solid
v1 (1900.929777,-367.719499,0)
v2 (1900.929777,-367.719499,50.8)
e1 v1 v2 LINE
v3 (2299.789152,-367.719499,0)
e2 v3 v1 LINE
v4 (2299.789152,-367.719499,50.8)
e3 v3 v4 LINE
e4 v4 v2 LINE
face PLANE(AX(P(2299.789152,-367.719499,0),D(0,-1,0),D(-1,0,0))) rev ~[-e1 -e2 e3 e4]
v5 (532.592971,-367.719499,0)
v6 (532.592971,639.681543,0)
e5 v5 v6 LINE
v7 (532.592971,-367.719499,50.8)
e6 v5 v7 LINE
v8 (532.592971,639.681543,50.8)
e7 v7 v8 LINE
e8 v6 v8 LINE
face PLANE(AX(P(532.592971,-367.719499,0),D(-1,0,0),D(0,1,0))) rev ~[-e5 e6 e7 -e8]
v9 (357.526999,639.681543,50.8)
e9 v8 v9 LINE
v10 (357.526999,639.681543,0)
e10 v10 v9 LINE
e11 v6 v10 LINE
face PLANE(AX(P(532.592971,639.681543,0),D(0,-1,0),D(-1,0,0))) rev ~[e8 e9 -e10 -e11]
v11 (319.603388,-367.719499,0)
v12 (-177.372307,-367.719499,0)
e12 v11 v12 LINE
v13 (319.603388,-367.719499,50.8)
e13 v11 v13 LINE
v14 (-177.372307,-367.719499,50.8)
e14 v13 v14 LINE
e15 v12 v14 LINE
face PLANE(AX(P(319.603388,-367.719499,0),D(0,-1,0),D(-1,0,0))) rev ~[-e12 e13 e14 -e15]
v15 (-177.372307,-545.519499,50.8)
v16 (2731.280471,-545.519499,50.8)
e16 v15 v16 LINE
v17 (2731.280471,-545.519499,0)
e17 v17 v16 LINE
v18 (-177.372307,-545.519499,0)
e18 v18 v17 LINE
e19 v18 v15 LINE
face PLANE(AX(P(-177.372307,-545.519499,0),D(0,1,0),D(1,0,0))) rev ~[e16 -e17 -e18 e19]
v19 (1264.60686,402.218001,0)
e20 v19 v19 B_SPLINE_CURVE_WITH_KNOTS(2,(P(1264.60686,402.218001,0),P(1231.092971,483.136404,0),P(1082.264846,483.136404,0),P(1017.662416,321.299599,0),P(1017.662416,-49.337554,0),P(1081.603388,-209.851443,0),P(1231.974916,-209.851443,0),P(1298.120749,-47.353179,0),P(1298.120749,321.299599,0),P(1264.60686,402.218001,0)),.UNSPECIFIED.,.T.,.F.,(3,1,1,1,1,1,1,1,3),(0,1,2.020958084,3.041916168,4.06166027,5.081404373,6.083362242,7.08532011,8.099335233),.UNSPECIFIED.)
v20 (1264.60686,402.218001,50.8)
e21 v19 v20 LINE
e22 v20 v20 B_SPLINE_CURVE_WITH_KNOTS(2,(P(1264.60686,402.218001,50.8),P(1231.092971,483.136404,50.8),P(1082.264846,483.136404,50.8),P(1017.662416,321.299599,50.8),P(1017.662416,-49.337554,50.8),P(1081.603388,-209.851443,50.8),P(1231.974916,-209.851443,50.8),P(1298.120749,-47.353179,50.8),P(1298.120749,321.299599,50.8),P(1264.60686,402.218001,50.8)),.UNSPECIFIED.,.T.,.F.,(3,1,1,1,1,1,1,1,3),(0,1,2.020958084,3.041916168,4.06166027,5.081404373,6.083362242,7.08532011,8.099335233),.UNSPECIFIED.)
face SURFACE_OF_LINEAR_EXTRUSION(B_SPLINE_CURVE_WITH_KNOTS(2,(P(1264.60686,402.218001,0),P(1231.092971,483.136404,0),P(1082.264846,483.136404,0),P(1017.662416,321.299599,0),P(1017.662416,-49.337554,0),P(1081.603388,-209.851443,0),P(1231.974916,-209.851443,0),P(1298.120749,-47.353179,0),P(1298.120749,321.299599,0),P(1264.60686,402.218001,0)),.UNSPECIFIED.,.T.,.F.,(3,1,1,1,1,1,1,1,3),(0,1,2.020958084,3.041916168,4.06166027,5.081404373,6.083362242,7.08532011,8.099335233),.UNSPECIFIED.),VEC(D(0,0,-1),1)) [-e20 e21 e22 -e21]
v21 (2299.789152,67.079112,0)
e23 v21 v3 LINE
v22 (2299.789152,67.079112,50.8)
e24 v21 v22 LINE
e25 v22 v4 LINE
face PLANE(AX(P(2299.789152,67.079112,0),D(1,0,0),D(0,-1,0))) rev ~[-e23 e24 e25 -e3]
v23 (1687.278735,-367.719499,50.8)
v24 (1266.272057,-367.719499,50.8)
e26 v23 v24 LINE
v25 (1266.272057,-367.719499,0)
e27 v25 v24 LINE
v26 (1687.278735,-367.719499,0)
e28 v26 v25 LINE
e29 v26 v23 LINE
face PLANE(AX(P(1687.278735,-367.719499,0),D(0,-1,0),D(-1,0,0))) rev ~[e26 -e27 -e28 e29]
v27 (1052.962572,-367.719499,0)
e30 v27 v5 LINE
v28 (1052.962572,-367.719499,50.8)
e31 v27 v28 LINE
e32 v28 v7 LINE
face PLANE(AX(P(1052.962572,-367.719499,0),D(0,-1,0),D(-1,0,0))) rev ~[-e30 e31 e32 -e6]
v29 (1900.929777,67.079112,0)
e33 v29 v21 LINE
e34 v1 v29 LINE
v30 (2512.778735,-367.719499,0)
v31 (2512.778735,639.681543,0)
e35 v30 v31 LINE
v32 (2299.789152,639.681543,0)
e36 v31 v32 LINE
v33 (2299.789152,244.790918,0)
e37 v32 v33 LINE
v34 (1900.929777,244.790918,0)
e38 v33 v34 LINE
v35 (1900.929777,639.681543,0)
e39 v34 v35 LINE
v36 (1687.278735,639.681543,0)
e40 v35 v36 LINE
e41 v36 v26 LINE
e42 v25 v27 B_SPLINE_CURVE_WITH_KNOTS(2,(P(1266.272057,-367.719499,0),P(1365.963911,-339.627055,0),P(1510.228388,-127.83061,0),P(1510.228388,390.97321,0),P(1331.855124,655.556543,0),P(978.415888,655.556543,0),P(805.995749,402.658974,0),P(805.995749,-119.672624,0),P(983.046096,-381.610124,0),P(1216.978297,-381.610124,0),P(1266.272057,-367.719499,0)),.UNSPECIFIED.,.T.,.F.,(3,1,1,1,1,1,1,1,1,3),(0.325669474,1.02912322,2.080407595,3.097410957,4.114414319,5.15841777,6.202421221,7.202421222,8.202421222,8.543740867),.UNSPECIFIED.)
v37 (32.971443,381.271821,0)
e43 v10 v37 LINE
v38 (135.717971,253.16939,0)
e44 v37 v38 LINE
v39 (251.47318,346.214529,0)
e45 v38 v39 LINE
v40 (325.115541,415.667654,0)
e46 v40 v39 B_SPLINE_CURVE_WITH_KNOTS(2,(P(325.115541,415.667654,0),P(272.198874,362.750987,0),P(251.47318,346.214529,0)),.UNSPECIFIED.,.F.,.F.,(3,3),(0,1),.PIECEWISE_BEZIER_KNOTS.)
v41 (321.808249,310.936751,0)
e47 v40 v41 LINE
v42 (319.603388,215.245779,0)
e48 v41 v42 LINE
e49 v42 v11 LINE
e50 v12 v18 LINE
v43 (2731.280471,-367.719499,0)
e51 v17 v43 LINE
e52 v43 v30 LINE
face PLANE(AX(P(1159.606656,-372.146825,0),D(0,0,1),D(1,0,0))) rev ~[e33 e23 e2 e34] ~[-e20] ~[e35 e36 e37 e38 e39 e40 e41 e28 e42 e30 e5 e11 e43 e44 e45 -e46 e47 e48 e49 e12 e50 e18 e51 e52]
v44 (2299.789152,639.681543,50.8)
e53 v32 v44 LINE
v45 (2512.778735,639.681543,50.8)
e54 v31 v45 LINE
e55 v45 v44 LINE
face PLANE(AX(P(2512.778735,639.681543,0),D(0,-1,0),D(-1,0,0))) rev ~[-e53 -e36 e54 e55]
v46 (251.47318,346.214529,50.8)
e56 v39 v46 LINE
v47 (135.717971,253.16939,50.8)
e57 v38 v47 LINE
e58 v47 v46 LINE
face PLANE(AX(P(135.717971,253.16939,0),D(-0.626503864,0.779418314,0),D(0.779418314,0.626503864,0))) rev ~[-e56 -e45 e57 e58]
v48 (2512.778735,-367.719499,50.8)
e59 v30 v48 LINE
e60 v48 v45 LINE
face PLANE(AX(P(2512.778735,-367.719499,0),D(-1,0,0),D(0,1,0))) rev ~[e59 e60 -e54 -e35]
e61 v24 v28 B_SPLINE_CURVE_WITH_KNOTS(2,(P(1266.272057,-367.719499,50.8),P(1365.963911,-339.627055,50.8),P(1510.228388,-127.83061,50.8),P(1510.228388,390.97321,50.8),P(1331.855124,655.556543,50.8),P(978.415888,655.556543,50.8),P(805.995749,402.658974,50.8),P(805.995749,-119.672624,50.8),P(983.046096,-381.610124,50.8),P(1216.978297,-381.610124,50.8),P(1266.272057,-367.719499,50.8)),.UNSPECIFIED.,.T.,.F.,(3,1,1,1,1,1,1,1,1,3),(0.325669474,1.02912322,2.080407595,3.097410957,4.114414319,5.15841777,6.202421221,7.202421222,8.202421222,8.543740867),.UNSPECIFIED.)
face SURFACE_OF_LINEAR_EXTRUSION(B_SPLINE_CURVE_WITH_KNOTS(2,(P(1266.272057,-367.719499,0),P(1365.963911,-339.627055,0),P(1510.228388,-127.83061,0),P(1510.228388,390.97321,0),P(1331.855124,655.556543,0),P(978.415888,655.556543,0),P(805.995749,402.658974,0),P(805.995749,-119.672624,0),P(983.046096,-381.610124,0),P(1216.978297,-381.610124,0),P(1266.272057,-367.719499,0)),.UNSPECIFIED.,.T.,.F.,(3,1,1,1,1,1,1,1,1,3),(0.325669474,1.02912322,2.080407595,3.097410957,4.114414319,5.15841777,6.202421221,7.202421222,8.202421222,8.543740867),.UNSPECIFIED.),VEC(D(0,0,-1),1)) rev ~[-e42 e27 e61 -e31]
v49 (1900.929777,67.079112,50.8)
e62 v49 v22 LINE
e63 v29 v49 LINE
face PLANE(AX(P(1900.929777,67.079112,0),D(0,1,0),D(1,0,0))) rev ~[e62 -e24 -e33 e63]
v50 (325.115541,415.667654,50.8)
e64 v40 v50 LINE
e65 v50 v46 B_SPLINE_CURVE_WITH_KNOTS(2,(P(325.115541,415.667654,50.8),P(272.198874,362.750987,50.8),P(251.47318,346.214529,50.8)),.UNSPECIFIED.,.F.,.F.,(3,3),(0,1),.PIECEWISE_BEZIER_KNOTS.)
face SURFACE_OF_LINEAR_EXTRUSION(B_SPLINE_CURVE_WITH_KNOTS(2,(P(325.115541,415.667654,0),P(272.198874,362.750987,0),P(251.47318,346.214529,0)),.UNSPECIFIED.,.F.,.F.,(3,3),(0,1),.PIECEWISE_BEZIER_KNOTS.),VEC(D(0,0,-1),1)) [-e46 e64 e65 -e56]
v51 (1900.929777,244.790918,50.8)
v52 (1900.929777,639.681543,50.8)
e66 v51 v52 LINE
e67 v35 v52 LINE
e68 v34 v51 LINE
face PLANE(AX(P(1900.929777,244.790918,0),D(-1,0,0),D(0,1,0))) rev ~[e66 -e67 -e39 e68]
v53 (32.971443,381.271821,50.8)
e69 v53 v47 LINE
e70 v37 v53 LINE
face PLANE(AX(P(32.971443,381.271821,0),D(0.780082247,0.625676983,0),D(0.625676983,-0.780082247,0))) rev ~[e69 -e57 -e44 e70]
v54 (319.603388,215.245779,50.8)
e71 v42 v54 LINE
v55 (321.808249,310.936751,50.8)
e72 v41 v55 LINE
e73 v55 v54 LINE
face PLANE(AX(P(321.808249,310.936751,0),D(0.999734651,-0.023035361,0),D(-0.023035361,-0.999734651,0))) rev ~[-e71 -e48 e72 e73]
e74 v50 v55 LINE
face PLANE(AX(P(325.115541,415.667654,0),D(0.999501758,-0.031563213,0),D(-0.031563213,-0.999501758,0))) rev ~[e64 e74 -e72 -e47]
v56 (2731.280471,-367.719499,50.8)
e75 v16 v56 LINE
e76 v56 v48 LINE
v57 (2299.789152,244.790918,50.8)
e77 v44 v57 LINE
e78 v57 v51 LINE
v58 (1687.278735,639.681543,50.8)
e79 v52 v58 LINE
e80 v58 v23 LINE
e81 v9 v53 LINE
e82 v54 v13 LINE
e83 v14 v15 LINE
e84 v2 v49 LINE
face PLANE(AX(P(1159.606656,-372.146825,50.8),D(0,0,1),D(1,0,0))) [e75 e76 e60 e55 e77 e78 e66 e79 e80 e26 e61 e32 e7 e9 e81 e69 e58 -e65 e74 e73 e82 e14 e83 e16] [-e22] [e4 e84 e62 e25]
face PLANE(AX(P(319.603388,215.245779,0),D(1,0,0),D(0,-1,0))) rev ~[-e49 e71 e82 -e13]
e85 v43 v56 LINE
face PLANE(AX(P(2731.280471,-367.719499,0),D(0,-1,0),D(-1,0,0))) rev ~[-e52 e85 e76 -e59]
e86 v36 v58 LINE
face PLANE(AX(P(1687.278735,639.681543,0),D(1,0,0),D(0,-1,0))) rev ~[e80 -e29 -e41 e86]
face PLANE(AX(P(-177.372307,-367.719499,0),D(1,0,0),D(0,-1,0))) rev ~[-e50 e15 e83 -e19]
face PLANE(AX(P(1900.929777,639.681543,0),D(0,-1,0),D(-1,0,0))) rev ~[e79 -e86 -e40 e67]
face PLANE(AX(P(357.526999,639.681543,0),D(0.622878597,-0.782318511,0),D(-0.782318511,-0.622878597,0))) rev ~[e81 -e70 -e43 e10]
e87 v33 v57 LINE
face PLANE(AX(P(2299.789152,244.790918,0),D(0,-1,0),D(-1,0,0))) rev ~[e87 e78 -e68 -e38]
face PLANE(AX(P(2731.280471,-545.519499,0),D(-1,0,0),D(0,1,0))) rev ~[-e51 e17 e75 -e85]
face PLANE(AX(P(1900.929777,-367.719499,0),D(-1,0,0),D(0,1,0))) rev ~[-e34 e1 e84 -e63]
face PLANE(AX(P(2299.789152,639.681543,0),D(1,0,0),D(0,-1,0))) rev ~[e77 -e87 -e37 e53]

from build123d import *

# Parameters (mm, degrees)
F1_DEPTH = 50.8


with BuildPart() as f1:
    # F0 (on Top) → F1 (new body)
    with BuildSketch(Plane.XY):
        with BuildLine():
            Line((1266.2720567983, -367.7194986343), (1052.9625724822, -367.7194986343))
            add(Edge.make_bspline(
                [(1157.4506100814, -381.6101236343), (1100.6523838428, -381.6101236343), (1052.9625724822, -367.7194986343)],
                knots=[0, 0, 0, 0.3256694736, 0.3256694736, 0.3256694736], degree=2))
            add(Edge.make_bspline(
                [(1266.2720567983, -367.7194986343), (1216.9782969498, -381.6101236343), (1157.4506100814, -381.6101236343)],
                knots=[0.6691374514, 0.6691374514, 0.6691374514, 1, 1, 1], degree=2))
        make_face()
        with BuildLine():
            add(Edge.make_bspline(
                [(1052.9625724822, -367.7194986343), (954.2161494987, -338.9575997586), (894.5209225814, -250.6413736343)],
                knots=[0.3256694736, 0.3256694736, 0.3256694736, 1, 1, 1], degree=2))
            Line((1052.9625724822, -367.7194986343), (1266.2720567983, -367.7194986343))
            add(Edge.make_bspline(
                [(1423.7978323036, -254.7203666899), (1365.9639106358, -339.6270552608), (1266.2720567983, -367.7194986343)],
                knots=[0, 0, 0, 0.6691374514, 0.6691374514, 0.6691374514], degree=2))
            add(Edge.make_bspline(
                [(1510.2283878591, 135.8707791434), (1510.2283878591, -127.8306097454), (1423.7978323036, -254.7203666899)],
                knots=[0, 0, 0, 1, 1, 1], degree=2))
            add(Edge.make_bspline(
                [(1421.0417559147, 523.2648763657), (1510.2283878591, 390.973209699), (1510.2283878591, 135.8707791434)],
                knots=[0, 0, 0, 1, 1, 1], degree=2))
            add(Edge.make_bspline(
                [(1157.4506100814, 655.5565430323), (1331.8551239702, 655.5565430323), (1421.0417559147, 523.2648763657)],
                knots=[0, 0, 0, 1, 1, 1], degree=2))
            add(Edge.make_bspline(
                [(892.2058184147, 529.1077583101), (978.4158878591, 655.5565430323), (1157.4506100814, 655.5565430323)],
                knots=[0, 0, 0, 1, 1, 1], degree=2))
            add(Edge.make_bspline(
                [(805.9957489702, 135.8707791434), (805.9957489702, 402.6589735879), (892.2058184147, 529.1077583101)],
                knots=[0, 0, 0, 1, 1, 1], degree=2))
            add(Edge.make_bspline(
                [(894.5209225814, -250.6413736343), (805.9957489702, -119.6726236343), (805.9957489702, 135.8707791434)],
                knots=[0, 0, 0, 1, 1, 1], degree=2))
        make_face()
        with BuildLine():
            add(Edge.make_bspline(
                [(1017.6624156369, 135.8707791434), (1017.6624156369, -49.3375541899), (1049.632901748, -129.5944986343)],
                knots=[0, 0, 0, 1, 1, 1], degree=2))
            add(Edge.make_bspline(
                [(1049.9636309147, 402.2180013657), (1017.6624156369, 321.2995985879), (1017.6624156369, 135.8707791434)],
                knots=[0, 0, 0, 1, 1, 1], degree=2))
            add(Edge.make_bspline(
                [(1157.4506100814, 483.1364041434), (1082.2648461925, 483.1364041434), (1049.9636309147, 402.2180013657)],
                knots=[0, 0, 0, 1, 1, 1], degree=2))
            add(Edge.make_bspline(
                [(1264.6068600814, 402.2180013657), (1231.0929711925, 483.1364041434), (1157.4506100814, 483.1364041434)],
                knots=[0, 0, 0, 1, 1, 1], degree=2))
            add(Edge.make_bspline(
                [(1298.1207489702, 135.8707791434), (1298.1207489702, 321.2995985879), (1264.6068600814, 402.2180013657)],
                knots=[0, 0, 0, 1, 1, 1], degree=2))
            add(Edge.make_bspline(
                [(1265.0478323036, -128.6023111343), (1298.1207489702, -47.3531791899), (1298.1207489702, 135.8707791434)],
                knots=[0, 0, 0, 1, 1, 1], degree=2))
            add(Edge.make_bspline(
                [(1157.4506100814, -209.8514430788), (1231.9749156369, -209.8514430788), (1265.0478323036, -128.6023111343)],
                knots=[0, 0, 0, 1, 1, 1], degree=2))
            add(Edge.make_bspline(
                [(1049.632901748, -129.5944986343), (1081.6033878591, -209.8514430788), (1157.4506100814, -209.8514430788)],
                knots=[0, 0, 0, 1, 1, 1], degree=2))
        make_face(mode=Mode.SUBTRACT)
        with BuildLine():
            Line((-177.3723065853, -367.7194986343), (-177.3723065853, -545.5194986343))
            Line((-177.3723065853, -545.5194986343), (2731.2804711925, -545.5194986343))
            Line((2731.2804711925, -545.5194986343), (2731.2804711925, -367.7194986343))
            Line((2731.2804711925, -367.7194986343), (2512.7787350814, -367.7194986343))
            Line((2512.7787350814, -367.7194986343), (2299.789151748, -367.7194986343))
            Line((2299.789151748, -367.7194986343), (1900.929776748, -367.7194986343))
            Line((1900.929776748, -367.7194986343), (1687.2787350814, -367.7194986343))
            Line((1687.2787350814, -367.7194986343), (1266.2720567983, -367.7194986343))
            add(Edge.make_bspline(
                [(1266.2720567983, -367.7194986343), (1216.9782969498, -381.6101236343), (1157.4506100814, -381.6101236343)],
                knots=[0.6691374514, 0.6691374514, 0.6691374514, 1, 1, 1], degree=2))
            add(Edge.make_bspline(
                [(1157.4506100814, -381.6101236343), (1100.6523838428, -381.6101236343), (1052.9625724822, -367.7194986343)],
                knots=[0, 0, 0, 0.3256694736, 0.3256694736, 0.3256694736], degree=2))
            Line((1052.9625724822, -367.7194986343), (532.5929711925, -367.7194986343))
            Line((532.5929711925, -367.7194986343), (319.6033878591, -367.7194986343))
            Line((319.6033878591, -367.7194986343), (-177.3723065853, -367.7194986343))
        make_face()
        Polygon((2299.789151748, -367.7194986343), (2512.7787350814, -367.7194986343), (2512.7787350814, 639.6815430323), (2299.789151748, 639.6815430323), (2299.789151748, 244.7909180323), (1900.929776748, 244.7909180323), (1900.929776748, 639.6815430323), (1687.2787350814, 639.6815430323), (1687.2787350814, -367.7194986343), (1900.929776748, -367.7194986343), (1900.929776748, 67.0791124768), (2299.789151748, 67.0791124768), align=None)
        with BuildLine():
            Line((319.6033878591, 215.2457791434), (319.6033878591, -367.7194986343))
            Line((319.6033878591, -367.7194986343), (532.5929711925, -367.7194986343))
            Line((532.5929711925, -367.7194986343), (532.5929711925, 639.6815430323))
            Line((532.5929711925, 639.6815430323), (357.5269989702, 639.6815430323))
            Line((357.5269989702, 639.6815430323), (32.9714434147, 381.2718208101))
            Line((32.9714434147, 381.2718208101), (135.7179711925, 253.1693902546))
            Line((135.7179711925, 253.1693902546), (251.4731795258, 346.2145291434))
            add(Edge.make_bspline(
                [(325.1155406369, 415.6676541434), (272.1988739702, 362.7509874768), (251.4731795258, 346.2145291434)],
                knots=[0, 0, 0, 1, 1, 1], degree=2))
            Line((325.1155406369, 415.6676541434), (321.8082489702, 310.9367513657))
            Line((321.8082489702, 310.9367513657), (319.6033878591, 215.2457791434))
        make_face()
    extrude(amount=F1_DEPTH)


solid = f1.part
